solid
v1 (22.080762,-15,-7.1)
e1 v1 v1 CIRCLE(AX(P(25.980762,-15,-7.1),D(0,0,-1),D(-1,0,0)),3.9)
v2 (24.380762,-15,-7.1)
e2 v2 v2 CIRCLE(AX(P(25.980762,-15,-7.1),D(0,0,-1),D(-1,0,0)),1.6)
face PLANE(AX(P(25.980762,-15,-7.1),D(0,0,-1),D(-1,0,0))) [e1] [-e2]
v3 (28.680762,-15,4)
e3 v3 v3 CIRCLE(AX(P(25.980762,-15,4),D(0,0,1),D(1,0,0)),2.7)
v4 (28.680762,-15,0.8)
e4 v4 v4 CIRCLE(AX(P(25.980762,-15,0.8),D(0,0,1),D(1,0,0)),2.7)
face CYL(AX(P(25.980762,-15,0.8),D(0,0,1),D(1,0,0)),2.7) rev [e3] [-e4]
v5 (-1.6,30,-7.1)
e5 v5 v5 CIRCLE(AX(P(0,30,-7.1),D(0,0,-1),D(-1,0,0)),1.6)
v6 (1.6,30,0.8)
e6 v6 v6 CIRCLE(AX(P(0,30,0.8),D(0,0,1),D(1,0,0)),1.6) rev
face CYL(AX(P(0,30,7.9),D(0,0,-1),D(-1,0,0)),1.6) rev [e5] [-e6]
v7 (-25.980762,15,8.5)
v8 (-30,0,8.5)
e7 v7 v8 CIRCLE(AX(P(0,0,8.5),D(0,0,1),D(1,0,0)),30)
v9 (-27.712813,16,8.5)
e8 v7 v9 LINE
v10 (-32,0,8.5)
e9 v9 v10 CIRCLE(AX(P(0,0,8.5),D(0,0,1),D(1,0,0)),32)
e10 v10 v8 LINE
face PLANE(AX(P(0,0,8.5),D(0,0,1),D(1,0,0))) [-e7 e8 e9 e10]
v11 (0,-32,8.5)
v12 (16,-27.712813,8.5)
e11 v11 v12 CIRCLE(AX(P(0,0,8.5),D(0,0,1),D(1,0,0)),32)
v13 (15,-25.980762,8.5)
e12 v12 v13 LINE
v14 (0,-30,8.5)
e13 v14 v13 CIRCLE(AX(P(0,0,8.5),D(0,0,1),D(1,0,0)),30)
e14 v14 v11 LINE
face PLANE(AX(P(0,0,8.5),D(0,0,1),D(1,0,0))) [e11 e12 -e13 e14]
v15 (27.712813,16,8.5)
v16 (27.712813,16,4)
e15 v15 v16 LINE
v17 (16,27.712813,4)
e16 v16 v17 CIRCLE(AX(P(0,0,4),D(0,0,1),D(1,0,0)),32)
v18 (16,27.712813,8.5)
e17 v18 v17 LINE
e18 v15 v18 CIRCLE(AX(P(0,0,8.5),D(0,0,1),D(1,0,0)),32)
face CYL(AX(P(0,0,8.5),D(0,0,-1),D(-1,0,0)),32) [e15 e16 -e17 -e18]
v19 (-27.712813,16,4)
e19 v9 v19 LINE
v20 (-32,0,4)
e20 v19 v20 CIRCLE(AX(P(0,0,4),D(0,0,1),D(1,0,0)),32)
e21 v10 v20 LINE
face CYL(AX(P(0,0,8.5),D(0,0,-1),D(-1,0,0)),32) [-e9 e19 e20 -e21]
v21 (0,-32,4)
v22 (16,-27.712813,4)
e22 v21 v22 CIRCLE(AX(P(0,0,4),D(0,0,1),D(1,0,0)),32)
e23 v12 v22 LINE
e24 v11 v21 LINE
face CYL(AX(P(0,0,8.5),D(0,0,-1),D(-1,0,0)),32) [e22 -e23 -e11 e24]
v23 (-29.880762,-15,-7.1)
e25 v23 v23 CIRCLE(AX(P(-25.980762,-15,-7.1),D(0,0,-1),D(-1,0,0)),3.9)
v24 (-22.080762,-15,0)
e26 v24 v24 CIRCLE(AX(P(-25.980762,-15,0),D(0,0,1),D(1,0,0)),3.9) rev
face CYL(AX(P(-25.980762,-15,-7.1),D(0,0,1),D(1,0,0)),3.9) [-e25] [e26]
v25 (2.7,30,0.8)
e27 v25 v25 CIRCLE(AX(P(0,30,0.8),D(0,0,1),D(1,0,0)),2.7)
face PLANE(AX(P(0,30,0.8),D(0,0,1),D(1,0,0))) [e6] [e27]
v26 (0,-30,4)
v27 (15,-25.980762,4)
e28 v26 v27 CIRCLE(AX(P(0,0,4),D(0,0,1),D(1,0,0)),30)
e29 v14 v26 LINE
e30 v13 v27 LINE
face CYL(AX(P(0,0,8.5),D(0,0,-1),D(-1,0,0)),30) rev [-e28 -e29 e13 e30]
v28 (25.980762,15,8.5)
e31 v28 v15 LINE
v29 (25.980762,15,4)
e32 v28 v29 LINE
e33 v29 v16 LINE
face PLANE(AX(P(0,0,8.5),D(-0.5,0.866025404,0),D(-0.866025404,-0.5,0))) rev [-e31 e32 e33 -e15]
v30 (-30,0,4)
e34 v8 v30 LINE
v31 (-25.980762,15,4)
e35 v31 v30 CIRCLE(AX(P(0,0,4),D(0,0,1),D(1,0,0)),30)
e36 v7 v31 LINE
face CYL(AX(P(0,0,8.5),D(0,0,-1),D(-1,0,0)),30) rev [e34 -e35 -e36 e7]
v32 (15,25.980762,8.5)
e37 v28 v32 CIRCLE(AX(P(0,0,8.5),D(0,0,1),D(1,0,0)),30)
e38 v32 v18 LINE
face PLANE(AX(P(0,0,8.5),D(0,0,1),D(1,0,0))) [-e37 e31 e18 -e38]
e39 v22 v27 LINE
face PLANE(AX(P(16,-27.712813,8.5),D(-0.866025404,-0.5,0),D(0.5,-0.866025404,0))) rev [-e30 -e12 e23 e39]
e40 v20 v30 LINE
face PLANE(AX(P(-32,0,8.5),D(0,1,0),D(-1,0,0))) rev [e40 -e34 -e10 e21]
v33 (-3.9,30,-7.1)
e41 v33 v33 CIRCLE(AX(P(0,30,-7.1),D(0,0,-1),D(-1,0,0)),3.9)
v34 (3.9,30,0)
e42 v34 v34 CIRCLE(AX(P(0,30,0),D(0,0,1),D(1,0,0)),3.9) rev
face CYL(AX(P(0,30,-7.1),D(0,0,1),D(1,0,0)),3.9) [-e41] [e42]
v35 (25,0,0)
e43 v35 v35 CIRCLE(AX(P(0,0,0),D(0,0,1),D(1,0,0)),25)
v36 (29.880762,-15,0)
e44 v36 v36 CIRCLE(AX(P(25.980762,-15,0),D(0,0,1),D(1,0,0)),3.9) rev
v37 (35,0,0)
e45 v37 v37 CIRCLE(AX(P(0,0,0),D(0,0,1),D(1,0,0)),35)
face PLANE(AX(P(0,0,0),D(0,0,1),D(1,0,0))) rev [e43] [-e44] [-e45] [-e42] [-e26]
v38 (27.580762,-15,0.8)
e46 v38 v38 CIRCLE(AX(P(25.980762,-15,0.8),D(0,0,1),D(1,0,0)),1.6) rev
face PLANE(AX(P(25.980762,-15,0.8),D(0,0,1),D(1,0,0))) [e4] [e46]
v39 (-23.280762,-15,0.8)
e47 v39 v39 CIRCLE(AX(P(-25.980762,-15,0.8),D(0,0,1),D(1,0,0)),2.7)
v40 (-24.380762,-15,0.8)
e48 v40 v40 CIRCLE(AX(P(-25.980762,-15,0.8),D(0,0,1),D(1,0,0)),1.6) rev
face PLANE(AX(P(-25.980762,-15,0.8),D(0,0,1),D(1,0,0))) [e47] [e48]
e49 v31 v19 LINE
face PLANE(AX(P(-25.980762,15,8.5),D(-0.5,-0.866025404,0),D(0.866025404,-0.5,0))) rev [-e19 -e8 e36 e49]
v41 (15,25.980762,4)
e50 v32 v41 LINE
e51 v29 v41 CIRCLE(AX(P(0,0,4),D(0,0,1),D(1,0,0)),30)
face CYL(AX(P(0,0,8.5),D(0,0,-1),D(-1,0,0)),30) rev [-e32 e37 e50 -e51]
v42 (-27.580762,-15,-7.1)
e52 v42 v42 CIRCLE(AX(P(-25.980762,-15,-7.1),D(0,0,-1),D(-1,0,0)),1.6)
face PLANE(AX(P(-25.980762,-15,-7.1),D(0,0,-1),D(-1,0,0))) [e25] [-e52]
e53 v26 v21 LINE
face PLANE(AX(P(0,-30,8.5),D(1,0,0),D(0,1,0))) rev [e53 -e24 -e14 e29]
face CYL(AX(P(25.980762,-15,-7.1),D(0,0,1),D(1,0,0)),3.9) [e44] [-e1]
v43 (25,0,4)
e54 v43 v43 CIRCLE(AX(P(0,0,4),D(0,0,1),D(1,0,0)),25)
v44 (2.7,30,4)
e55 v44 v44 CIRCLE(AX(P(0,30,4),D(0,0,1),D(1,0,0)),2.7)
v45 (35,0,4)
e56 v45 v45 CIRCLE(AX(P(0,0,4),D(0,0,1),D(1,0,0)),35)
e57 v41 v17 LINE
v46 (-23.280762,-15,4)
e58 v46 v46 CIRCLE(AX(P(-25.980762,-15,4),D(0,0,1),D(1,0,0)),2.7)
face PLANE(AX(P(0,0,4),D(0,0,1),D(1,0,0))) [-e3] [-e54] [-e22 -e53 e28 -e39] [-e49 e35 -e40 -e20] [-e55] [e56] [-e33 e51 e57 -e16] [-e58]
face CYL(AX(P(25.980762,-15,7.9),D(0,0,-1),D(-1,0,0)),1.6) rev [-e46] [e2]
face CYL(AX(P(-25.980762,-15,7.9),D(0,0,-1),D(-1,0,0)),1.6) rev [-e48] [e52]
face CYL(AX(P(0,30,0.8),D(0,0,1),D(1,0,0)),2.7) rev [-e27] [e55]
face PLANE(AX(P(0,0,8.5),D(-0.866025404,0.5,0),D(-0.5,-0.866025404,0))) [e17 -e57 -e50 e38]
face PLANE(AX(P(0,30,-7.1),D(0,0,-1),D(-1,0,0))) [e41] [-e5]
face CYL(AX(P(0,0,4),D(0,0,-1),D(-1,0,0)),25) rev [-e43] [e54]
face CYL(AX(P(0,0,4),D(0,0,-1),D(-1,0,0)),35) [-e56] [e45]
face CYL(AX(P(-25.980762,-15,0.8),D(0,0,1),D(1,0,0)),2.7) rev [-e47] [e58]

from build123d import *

# Parameters (mm, degrees)
SKETCH1_R           = 35
SKETCH1_R_2         = 30
SKETCH1_R_3         = 25
BOSS_EXTRUDE1_DEPTH = 4
SKETCH2_R           = 3.9
BOSS_EXTRUDE2_DEPTH = 7.1
SKETCH3_R           = 1.6
CUT_EXTRUDE1_DEPTH  = 15
SKETCH4_R           = 2.7
CUT_EXTRUDE2_DEPTH  = 3.2
BOSS_EXTRUDE3_DEPTH = 4.5
BOSS_EXTRUDE4_DEPTH = 4.5


with BuildPart() as part:
    # Sketch1 → Boss-Extrude1 (new body)
    with BuildSketch(Plane.XY):
        Circle(SKETCH1_R)
        Circle(SKETCH1_R_2, mode=Mode.SUBTRACT)
        Circle(SKETCH1_R_2)
        Circle(SKETCH1_R_3, mode=Mode.SUBTRACT)
    extrude(amount=BOSS_EXTRUDE1_DEPTH)

    # Sketch2 → Boss-Extrude2 (add)
    with BuildSketch(Plane(origin=(0, 0, 0), x_dir=(-1, 0, 0), z_dir=(0, 0, -1))):
        with Locations((0, 30)):
            Circle(SKETCH2_R)
        with Locations((25.980762114, -15)):
            Circle(SKETCH2_R)
        with Locations((-25.980762114, -15)):
            Circle(SKETCH2_R)
    extrude(amount=BOSS_EXTRUDE2_DEPTH)

    # Sketch3 → Cut-Extrude1 (cut)
    with BuildSketch(Plane(origin=(0, 0, -7.1), x_dir=(-1, 0, 0), z_dir=(0, 0, -1))):
        with Locations((0, 30)):
            Circle(SKETCH3_R)
        with Locations((25.980762114, -15)):
            Circle(SKETCH3_R)
        with Locations((-25.980762114, -15)):
            Circle(SKETCH3_R)
    extrude(amount=-CUT_EXTRUDE1_DEPTH, mode=Mode.SUBTRACT)

    # Sketch4 → Cut-Extrude2 (cut)
    with BuildSketch(Plane.XY.offset(4)):
        with Locations((0, 30)):
            Circle(SKETCH4_R)
        with Locations((25.980762114, -15)):
            Circle(SKETCH4_R)
        with Locations((-25.980762114, -15)):
            Circle(SKETCH4_R)
    extrude(amount=-CUT_EXTRUDE2_DEPTH, mode=Mode.SUBTRACT)

    # Sketch6 → Boss-Extrude3 (add)
    with BuildSketch(Plane.XY.offset(4)):
        with BuildLine():
            Line((25.980762114, 15), (27.712812921, 16))
            ThreePointArc((27.712812921, 16), (22.627416998, 22.627416998), (16, 27.712812921))
            Line((16, 27.712812921), (15, 25.980762114))
            ThreePointArc((15, 25.980762114), (21.213203436, 21.213203436), (25.980762114, 15))
        make_face()
    extrude(amount=BOSS_EXTRUDE3_DEPTH)

    # Sketch7 → Boss-Extrude4 (add)
    with BuildSketch(Plane.XY.offset(4)):
        with BuildLine():
            Line((16, -27.712812921), (15, -25.980762114))
            ThreePointArc((15, -25.980762114), (7.764571353, -28.977774789), (0, -30))
            Line((0, -30), (0, -32))
            ThreePointArc((0, -32), (8.282209443, -30.909626441), (16, -27.712812921))
        make_face()
        with BuildLine():
            Line((25.980762114, 15), (27.712812921, 16))
            ThreePointArc((27.712812921, 16), (22.627416998, 22.627416998), (16, 27.712812921))
            Line((16, 27.712812921), (15, 25.980762114))
            ThreePointArc((15, 25.980762114), (21.213203436, 21.213203436), (25.980762114, 15))
        make_face()
        with BuildLine():
            Line((-32, 0), (-30, 0))
            ThreePointArc((-30, 0), (-28.977774789, 7.764571353), (-25.980762114, 15))
            Line((-25.980762114, 15), (-27.712812921, 16))
            ThreePointArc((-27.712812921, 16), (-30.909626441, 8.282209443), (-32, 0))
        make_face()
    extrude(amount=BOSS_EXTRUDE4_DEPTH)


solid = part.part
